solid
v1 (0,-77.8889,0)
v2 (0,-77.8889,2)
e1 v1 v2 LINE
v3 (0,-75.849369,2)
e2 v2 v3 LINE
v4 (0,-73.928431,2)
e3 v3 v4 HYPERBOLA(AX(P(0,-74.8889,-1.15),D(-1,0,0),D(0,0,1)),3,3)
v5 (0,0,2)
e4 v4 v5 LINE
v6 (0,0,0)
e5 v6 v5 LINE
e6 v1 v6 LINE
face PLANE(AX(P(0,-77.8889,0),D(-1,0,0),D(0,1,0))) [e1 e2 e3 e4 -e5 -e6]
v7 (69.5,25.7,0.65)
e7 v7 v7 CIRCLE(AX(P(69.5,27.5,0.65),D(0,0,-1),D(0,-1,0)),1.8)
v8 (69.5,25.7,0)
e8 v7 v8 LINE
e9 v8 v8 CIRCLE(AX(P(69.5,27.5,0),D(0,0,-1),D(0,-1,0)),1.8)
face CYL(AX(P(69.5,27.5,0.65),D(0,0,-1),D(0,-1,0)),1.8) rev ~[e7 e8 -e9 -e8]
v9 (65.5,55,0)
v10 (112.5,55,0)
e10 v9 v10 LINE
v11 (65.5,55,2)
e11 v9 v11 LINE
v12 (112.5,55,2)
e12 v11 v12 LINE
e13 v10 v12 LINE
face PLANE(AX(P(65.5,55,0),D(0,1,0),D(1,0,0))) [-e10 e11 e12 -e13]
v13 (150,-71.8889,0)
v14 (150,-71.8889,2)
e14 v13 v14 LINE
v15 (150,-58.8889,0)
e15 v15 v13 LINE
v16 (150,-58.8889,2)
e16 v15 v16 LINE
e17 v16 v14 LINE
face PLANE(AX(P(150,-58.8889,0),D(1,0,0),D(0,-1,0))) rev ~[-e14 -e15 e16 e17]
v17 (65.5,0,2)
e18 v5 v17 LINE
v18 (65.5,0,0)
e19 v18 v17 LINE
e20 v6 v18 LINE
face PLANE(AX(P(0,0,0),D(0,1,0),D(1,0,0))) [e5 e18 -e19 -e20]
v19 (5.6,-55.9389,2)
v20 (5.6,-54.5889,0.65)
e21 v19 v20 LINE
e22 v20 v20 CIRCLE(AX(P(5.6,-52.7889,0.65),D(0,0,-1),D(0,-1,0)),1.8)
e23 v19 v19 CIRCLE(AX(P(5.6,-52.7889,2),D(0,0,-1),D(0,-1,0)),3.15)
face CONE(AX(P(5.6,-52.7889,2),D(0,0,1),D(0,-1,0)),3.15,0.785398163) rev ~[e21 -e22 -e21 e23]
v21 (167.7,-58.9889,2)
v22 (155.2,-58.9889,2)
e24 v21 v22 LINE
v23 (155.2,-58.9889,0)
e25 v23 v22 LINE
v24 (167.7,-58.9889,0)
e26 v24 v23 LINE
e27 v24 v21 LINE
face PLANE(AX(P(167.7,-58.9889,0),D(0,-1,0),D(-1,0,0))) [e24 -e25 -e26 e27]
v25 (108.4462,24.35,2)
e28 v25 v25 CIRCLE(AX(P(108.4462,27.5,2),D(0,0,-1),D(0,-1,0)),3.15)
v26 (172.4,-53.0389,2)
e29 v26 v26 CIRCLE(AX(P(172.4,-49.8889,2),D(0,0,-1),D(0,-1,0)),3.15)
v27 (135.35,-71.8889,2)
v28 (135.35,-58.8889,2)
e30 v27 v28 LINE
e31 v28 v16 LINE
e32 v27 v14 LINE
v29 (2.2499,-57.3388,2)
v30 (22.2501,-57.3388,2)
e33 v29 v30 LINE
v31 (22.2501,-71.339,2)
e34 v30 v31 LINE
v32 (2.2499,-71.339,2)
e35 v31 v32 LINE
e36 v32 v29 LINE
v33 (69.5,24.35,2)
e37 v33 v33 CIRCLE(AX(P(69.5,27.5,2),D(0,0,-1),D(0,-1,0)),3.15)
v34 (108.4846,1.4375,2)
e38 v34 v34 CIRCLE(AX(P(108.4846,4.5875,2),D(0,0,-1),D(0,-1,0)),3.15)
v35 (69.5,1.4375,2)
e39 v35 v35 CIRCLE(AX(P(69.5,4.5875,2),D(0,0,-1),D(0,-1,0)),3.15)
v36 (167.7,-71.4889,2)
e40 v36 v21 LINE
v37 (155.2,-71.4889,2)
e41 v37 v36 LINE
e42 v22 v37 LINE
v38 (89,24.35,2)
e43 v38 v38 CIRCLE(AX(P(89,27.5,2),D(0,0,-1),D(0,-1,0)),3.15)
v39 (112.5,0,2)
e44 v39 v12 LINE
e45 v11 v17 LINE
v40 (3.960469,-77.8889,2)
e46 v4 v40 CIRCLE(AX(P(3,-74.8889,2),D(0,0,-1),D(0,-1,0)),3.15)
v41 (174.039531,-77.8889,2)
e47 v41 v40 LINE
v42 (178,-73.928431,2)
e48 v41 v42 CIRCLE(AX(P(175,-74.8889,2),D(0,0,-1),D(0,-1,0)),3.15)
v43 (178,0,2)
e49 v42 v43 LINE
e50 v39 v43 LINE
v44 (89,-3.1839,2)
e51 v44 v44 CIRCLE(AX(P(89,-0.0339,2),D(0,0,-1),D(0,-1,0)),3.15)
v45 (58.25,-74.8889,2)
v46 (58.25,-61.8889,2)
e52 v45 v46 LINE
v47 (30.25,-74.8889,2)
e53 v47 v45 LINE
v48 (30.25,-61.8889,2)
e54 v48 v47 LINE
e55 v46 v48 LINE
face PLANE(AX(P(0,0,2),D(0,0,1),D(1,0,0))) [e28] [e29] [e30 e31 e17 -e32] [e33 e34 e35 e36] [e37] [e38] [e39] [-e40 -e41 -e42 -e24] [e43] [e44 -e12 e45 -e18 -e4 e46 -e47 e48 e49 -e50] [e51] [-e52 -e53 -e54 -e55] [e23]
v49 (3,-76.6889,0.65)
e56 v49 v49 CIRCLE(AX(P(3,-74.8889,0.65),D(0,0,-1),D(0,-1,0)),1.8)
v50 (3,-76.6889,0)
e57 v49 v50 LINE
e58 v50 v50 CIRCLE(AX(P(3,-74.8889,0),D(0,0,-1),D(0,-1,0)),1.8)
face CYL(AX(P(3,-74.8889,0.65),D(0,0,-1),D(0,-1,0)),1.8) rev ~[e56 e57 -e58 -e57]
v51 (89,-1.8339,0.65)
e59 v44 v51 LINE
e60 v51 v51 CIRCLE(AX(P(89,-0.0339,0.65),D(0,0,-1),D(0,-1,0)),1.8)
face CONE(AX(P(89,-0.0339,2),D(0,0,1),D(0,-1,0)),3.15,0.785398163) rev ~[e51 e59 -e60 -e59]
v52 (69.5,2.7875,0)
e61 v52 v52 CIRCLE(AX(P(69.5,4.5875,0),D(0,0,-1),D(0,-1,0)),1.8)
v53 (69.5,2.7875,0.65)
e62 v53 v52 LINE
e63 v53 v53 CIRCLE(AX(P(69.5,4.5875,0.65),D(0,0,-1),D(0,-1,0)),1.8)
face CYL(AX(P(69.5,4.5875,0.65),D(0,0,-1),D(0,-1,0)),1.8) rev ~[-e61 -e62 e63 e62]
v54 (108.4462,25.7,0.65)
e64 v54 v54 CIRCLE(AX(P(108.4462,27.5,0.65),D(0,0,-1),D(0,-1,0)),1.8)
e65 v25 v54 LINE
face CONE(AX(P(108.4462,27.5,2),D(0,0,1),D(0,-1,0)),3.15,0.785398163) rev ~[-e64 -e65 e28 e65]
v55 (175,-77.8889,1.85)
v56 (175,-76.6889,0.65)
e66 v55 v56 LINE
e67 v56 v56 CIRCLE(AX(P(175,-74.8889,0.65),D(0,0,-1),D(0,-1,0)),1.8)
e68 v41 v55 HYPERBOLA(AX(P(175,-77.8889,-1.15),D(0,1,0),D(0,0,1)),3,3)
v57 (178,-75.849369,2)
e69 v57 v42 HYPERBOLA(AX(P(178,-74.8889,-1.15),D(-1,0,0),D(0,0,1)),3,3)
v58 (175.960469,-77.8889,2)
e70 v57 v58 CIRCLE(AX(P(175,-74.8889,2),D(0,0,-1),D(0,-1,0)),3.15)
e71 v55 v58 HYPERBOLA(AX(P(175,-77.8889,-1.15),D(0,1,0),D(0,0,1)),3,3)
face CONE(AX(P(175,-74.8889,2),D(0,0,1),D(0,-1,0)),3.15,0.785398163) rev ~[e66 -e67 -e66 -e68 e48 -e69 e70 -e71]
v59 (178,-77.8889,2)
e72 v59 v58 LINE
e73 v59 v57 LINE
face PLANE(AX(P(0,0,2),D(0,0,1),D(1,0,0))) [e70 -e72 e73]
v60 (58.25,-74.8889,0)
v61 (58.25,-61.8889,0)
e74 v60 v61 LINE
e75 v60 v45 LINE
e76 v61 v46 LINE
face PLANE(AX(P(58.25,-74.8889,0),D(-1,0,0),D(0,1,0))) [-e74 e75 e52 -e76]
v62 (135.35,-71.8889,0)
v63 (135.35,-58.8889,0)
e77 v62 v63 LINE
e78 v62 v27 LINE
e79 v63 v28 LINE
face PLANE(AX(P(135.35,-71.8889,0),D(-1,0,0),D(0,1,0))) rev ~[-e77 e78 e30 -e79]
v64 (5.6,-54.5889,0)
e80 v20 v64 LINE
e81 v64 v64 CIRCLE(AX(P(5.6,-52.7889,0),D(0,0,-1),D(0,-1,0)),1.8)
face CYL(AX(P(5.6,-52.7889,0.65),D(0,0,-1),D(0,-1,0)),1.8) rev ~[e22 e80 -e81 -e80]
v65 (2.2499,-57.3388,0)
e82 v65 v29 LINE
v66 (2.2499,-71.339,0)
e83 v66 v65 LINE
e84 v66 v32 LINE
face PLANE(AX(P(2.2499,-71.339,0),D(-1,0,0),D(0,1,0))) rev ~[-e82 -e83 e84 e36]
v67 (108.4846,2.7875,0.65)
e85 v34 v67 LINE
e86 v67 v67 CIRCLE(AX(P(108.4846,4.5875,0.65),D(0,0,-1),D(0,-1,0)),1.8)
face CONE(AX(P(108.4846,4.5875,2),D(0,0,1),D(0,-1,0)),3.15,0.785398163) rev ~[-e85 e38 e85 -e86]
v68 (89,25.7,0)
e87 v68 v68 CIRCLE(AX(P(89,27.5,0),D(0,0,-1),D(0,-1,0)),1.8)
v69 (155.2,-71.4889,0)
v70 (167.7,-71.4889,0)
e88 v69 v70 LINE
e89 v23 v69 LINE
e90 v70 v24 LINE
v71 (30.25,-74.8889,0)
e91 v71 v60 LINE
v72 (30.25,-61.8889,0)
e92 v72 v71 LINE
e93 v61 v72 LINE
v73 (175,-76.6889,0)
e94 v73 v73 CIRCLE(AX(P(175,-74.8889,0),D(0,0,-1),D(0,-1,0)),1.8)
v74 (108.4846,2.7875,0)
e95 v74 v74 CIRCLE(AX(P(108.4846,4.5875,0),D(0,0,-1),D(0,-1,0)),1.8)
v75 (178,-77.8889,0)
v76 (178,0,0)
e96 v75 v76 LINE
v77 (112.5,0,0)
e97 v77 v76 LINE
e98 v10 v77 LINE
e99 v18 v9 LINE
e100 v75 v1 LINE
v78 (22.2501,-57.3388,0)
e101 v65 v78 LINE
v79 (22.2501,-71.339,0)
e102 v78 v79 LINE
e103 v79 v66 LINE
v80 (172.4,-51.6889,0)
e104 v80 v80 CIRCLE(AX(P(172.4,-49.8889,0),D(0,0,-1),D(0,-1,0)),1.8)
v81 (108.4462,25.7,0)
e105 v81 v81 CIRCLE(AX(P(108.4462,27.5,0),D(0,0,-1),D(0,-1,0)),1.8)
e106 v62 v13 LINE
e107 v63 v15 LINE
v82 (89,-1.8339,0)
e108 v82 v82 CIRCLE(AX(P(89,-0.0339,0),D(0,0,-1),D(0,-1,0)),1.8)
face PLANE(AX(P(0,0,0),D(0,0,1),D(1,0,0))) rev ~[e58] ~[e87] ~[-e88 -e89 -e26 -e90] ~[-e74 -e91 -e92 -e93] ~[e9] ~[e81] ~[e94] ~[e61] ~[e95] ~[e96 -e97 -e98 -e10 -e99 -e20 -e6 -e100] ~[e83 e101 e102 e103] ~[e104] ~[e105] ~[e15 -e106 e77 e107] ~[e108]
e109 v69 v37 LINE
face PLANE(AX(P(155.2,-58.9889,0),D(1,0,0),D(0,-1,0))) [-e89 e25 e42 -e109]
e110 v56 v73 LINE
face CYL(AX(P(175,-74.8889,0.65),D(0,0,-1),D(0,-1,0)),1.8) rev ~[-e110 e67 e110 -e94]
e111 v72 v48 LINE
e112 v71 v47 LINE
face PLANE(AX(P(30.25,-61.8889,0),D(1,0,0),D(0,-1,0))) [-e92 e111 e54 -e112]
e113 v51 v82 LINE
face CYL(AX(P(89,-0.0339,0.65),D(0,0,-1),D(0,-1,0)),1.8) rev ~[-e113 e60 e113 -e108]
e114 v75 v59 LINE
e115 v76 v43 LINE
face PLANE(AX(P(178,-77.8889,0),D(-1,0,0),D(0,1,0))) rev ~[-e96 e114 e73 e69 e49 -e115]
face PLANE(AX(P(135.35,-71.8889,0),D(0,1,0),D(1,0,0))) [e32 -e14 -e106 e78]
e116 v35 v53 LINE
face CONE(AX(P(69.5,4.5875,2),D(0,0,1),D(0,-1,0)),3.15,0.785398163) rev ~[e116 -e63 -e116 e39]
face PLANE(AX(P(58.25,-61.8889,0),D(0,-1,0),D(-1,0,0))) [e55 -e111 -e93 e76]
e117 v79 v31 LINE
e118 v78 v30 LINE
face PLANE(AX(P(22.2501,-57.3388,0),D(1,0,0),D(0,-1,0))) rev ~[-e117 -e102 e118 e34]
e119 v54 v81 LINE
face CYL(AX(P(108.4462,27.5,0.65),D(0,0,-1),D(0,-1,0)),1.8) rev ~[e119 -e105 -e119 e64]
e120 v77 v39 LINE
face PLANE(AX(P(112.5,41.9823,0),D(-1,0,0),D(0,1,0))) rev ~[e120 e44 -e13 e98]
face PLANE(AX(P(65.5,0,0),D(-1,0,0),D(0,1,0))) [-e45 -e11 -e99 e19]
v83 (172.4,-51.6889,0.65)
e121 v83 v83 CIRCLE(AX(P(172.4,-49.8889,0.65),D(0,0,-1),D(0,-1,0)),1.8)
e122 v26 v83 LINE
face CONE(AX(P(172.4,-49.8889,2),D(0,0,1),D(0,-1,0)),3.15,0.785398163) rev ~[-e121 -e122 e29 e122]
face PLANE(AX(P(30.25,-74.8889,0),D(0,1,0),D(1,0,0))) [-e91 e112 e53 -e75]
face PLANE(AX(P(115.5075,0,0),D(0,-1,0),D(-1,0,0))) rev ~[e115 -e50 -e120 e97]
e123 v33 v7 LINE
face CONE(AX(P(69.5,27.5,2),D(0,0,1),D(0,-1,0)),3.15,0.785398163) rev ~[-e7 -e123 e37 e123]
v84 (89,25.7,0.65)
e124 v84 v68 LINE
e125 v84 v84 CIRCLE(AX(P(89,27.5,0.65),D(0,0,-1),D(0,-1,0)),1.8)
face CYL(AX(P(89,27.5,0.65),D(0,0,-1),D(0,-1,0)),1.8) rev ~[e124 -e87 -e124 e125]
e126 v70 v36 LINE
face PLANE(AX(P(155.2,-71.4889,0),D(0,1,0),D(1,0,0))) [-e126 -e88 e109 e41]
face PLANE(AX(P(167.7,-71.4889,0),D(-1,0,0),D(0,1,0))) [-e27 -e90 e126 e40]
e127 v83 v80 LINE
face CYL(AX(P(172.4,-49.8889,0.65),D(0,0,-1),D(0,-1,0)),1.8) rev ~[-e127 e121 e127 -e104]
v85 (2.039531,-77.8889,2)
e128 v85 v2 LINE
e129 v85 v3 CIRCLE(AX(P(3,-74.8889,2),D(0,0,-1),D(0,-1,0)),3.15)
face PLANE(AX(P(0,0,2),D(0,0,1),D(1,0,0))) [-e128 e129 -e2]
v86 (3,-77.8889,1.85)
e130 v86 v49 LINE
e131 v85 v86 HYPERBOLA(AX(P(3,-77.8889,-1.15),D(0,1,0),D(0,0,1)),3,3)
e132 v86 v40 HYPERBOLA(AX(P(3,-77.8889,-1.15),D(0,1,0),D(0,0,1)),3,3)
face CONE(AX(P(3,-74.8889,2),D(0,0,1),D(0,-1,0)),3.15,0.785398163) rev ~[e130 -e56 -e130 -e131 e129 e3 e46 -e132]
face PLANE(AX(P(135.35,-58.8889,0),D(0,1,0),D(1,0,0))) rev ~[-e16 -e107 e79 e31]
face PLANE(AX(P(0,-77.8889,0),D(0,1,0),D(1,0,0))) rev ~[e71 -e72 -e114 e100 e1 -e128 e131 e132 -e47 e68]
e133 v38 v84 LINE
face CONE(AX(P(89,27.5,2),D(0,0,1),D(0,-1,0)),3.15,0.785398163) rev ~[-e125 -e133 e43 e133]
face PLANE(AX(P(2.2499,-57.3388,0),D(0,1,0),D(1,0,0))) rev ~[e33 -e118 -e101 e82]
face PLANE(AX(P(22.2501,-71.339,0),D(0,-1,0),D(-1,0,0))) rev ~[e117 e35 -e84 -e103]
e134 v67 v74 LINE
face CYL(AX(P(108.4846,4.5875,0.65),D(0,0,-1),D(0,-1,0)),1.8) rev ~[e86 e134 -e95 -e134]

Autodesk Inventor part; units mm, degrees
ref_plane "YZ Plane" through (0, 0, 0) normal (1, 0, 0) x (0, 1, 0)
ref_plane "XZ Plane" through (0, 0, 0) normal (0, 1, 0) x (-1, 0, 0)
ref_plane "XY Plane" through (0, 0, 0) normal (0, 0, 1) x (1, 0, 0)
ref_plane "Work Plane1" through (0, 0, 0) normal (0, 0, 1) x (1, 0, 0)
sketch "Sketch1" plane through (0, 0, 0) normal (0, 0, 1) x (1, 0, 0)
  circle A0 centre (3, -74.8889) radius 2.3 projected
  line L0 (3, 0) -> (3, -44.7889) projected
  line L1 (0, 0) -> (3, 0) projected
  line L2 (0, -77.8889) -> (0, 0) projected
  line L3 (0, -77.8889) -> (6, -77.8889) projected
  line L4 (6, -71.8889) -> (6, -77.8889) projected
  line L5 (6, -71.8889) -> (1.6, -71.8889) projected
  line L6 (1.6, -71.8889) -> (1.6, -56.7889) projected
  line L7 (1.6, -56.7889) -> (9.6, -56.7889) projected
  line L8 (9.6, -44.7889) -> (9.6, -56.7889) projected
  line L9 (3, -44.7889) -> (9.6, -44.7889) projected
  circle A1 centre (5.6, -52.7889) radius 2.6 projected
  circle A2 centre (172.4, -49.8889) radius 2.6 projected
  circle A3 centre (175, -74.8889) radius 2.3 projected
  line L10 (168.4, -41.8889) -> (175, -41.8889) projected
  line L11 (168.4, -53.8889) -> (168.4, -41.8889) projected
  line L12 (175, -53.8889) -> (168.4, -53.8889) projected
  line L13 (175, -53.8889) -> (175, -71.8889) projected
  line L14 (175, -71.8889) -> (172, -71.8889) projected
  line L15 (172, -71.8889) -> (172, -77.8889) projected
  line L16 (178, -77.8889) -> (172, -77.8889) projected
  line L17 (178, -77.8889) -> (178, 0) projected
  line L18 (178, 0) -> (175, 0) projected
  line L19 (175, 0) -> (175, -41.8889) projected
  line L20 (65.5, 41.9823) -> (65.5, 55) projected
  line L21 (112.5, 41.9823) -> (112.5, 55) projected
  line L22 (62.4925, 0) -> (3, 0) projected
  line L23 (115.5075, 0) -> (175, 0) projected
  line L24 (65.5, 55) -> (112.5, 55)
  line L25 (112.5, 55) -> (112.5, 0)
  line L26 (112.5, 0) -> (65.5, 0)
  line L27 (65.5, 0) -> (65.5, 55)
  line L28 (178, 0) -> (0, 0)
  line L29 (0, 0) -> (0, -77.8889)
  line L30 (0, -77.8889) -> (178, -77.8889)
  line L31 (178, -77.8889) -> (178, 0)
  line L32 (31.25, -62.8889) -> (31.25, -73.8889) projected
  line L33 (31.25, -73.8889) -> (57.25, -73.8889) projected
  line L34 (57.25, -73.8889) -> (57.25, -62.8889) projected
  line L35 (57.25, -62.8889) -> (31.25, -62.8889) projected
  line L36 (21.2501, -70.339) -> (21.2501, -58.3388) projected
  line L37 (21.2501, -58.3388) -> (3.2499, -58.3388) projected
  line L38 (3.2499, -70.339) -> (21.2501, -70.339) projected
  line L39 (3.2499, -58.3388) -> (3.2499, -70.339) projected
  line L40 (156.2, -70.4889) -> (156.2, -59.9889) projected
  line L41 (166.7, -59.9889) -> (156.2, -59.9889) projected
  line L42 (166.7, -59.9889) -> (166.7, -70.4889) projected
  line L43 (156.2, -70.4889) -> (166.7, -70.4889) projected
  line L44 (149, -59.8889) -> (149, -70.8889) projected
  line L45 (149, -70.8889) -> (136.35, -70.8889) projected
  line L46 (136.35, -70.8889) -> (136.35, -59.8889) projected
  line L47 (136.35, -59.8889) -> (149, -59.8889) projected
  line L48 (135, -53.8889) -> (135, -71.8889) projected
  line L49 (135, -71.8889) -> (175, -71.8889) projected
  line L50 (175, -71.8889) -> (175, -53.8889) projected
  line L51 (175, -53.8889) -> (135, -53.8889) projected
  circle A4 centre (137.85, -56.7389) radius 1.5 projected
  circle A5 centre (172.15, -56.7389) radius 1.5 projected
  line L52 (2.2499, -57.3388) -> (22.2501, -57.3388)
  line L53 (22.2501, -57.3388) -> (22.2501, -71.339)
  line L54 (22.2501, -71.339) -> (2.2499, -71.339)
  line L55 (2.2499, -71.339) -> (2.2499, -57.3388)
  line L56 (30.25, -61.8889) -> (30.25, -74.8889)
  line L57 (30.25, -74.8889) -> (58.25, -74.8889)
  line L58 (58.25, -74.8889) -> (58.25, -61.8889)
  line L59 (58.25, -61.8889) -> (30.25, -61.8889)
  line L60 (155.2, -58.9889) -> (155.2, -71.4889)
  line L61 (155.2, -71.4889) -> (167.7, -71.4889)
  line L62 (167.7, -71.4889) -> (167.7, -58.9889)
  line L63 (167.7, -58.9889) -> (155.2, -58.9889)
  line L64 (150, -58.8889) -> (150, -71.8889)
  line L65 (150, -71.8889) -> (135.35, -71.8889)
  line L66 (135.35, -71.8889) -> (135.35, -58.8889)
  line L67 (135.35, -58.8889) -> (150, -58.8889)
  dimension "d0" = 1
  dimension "d1" = 1
  dimension "d2" = 1
  dimension "d3" = 1
extrude "Extrusion1" add sketch "Sketch1" along normal blind 2 contours A0 | L22 L28 L26 L23 L19 L10 L11 L51 L48 L49 L15 L30 L4 L5 L6 L7 L8 L9 L0 | L0 L9 L8 L7 L6 L5 L4 L3 L2 L1 | L27 L20 L24 L21 L25 L26 | L15 L14 L13 L12 L11 L10 L19 L18 L17 L16 | L49 L64 L67 L66 L48 L51 L12 L13 L14 | A1 | A2 | A3 | A4 | A5
sketch "Sketch2" plane through (0, 0, 2) normal (0, 0, 1) x (1, 0, 0)
  circle A0 centre (3, -74.8889) radius 2 projected
  circle A1 centre (5.6, -52.7889) radius 2.6 projected
  circle A2 centre (172.4, -49.8889) radius 2.6 projected
  circle A3 centre (175, -74.8889) radius 2 projected
  circle A4 centre (108.4462, 27.5) radius 2.3 projected
  circle A5 centre (69.5, 27.5) radius 2.3 projected
  circle A6 centre (69.5, 4.5875) radius 2.3 projected
  circle A7 centre (108.4846, 4.5875) radius 2.3 projected
  circle A8 centre (89, -0.0339) radius 2.3 projected
  circle A9 centre (89, 27.5) radius 2.3 projected
  point P0 (0, 0)
hole "Hole1" at (3, -74.8889, 2) at (5.6, -52.7889, 2) at (175, -74.8889, 2) at (172.4, -49.8889, 2) at (89, -0.0339, 2) at (69.5, 4.5875, 2) at (108.4846, 4.5875, 2) at (89, 27.5, 2) at (69.5, 27.5, 2) at (108.4462, 27.5, 2) direction (0, 0, -1) diameter 3.6 end through all countersink diameter 6.3 countersink angle 90 clearance for "Countersunk Flat Head Screw ISO 2009/7046" size "M3" standard "ISO"
properties part number "ceil"
